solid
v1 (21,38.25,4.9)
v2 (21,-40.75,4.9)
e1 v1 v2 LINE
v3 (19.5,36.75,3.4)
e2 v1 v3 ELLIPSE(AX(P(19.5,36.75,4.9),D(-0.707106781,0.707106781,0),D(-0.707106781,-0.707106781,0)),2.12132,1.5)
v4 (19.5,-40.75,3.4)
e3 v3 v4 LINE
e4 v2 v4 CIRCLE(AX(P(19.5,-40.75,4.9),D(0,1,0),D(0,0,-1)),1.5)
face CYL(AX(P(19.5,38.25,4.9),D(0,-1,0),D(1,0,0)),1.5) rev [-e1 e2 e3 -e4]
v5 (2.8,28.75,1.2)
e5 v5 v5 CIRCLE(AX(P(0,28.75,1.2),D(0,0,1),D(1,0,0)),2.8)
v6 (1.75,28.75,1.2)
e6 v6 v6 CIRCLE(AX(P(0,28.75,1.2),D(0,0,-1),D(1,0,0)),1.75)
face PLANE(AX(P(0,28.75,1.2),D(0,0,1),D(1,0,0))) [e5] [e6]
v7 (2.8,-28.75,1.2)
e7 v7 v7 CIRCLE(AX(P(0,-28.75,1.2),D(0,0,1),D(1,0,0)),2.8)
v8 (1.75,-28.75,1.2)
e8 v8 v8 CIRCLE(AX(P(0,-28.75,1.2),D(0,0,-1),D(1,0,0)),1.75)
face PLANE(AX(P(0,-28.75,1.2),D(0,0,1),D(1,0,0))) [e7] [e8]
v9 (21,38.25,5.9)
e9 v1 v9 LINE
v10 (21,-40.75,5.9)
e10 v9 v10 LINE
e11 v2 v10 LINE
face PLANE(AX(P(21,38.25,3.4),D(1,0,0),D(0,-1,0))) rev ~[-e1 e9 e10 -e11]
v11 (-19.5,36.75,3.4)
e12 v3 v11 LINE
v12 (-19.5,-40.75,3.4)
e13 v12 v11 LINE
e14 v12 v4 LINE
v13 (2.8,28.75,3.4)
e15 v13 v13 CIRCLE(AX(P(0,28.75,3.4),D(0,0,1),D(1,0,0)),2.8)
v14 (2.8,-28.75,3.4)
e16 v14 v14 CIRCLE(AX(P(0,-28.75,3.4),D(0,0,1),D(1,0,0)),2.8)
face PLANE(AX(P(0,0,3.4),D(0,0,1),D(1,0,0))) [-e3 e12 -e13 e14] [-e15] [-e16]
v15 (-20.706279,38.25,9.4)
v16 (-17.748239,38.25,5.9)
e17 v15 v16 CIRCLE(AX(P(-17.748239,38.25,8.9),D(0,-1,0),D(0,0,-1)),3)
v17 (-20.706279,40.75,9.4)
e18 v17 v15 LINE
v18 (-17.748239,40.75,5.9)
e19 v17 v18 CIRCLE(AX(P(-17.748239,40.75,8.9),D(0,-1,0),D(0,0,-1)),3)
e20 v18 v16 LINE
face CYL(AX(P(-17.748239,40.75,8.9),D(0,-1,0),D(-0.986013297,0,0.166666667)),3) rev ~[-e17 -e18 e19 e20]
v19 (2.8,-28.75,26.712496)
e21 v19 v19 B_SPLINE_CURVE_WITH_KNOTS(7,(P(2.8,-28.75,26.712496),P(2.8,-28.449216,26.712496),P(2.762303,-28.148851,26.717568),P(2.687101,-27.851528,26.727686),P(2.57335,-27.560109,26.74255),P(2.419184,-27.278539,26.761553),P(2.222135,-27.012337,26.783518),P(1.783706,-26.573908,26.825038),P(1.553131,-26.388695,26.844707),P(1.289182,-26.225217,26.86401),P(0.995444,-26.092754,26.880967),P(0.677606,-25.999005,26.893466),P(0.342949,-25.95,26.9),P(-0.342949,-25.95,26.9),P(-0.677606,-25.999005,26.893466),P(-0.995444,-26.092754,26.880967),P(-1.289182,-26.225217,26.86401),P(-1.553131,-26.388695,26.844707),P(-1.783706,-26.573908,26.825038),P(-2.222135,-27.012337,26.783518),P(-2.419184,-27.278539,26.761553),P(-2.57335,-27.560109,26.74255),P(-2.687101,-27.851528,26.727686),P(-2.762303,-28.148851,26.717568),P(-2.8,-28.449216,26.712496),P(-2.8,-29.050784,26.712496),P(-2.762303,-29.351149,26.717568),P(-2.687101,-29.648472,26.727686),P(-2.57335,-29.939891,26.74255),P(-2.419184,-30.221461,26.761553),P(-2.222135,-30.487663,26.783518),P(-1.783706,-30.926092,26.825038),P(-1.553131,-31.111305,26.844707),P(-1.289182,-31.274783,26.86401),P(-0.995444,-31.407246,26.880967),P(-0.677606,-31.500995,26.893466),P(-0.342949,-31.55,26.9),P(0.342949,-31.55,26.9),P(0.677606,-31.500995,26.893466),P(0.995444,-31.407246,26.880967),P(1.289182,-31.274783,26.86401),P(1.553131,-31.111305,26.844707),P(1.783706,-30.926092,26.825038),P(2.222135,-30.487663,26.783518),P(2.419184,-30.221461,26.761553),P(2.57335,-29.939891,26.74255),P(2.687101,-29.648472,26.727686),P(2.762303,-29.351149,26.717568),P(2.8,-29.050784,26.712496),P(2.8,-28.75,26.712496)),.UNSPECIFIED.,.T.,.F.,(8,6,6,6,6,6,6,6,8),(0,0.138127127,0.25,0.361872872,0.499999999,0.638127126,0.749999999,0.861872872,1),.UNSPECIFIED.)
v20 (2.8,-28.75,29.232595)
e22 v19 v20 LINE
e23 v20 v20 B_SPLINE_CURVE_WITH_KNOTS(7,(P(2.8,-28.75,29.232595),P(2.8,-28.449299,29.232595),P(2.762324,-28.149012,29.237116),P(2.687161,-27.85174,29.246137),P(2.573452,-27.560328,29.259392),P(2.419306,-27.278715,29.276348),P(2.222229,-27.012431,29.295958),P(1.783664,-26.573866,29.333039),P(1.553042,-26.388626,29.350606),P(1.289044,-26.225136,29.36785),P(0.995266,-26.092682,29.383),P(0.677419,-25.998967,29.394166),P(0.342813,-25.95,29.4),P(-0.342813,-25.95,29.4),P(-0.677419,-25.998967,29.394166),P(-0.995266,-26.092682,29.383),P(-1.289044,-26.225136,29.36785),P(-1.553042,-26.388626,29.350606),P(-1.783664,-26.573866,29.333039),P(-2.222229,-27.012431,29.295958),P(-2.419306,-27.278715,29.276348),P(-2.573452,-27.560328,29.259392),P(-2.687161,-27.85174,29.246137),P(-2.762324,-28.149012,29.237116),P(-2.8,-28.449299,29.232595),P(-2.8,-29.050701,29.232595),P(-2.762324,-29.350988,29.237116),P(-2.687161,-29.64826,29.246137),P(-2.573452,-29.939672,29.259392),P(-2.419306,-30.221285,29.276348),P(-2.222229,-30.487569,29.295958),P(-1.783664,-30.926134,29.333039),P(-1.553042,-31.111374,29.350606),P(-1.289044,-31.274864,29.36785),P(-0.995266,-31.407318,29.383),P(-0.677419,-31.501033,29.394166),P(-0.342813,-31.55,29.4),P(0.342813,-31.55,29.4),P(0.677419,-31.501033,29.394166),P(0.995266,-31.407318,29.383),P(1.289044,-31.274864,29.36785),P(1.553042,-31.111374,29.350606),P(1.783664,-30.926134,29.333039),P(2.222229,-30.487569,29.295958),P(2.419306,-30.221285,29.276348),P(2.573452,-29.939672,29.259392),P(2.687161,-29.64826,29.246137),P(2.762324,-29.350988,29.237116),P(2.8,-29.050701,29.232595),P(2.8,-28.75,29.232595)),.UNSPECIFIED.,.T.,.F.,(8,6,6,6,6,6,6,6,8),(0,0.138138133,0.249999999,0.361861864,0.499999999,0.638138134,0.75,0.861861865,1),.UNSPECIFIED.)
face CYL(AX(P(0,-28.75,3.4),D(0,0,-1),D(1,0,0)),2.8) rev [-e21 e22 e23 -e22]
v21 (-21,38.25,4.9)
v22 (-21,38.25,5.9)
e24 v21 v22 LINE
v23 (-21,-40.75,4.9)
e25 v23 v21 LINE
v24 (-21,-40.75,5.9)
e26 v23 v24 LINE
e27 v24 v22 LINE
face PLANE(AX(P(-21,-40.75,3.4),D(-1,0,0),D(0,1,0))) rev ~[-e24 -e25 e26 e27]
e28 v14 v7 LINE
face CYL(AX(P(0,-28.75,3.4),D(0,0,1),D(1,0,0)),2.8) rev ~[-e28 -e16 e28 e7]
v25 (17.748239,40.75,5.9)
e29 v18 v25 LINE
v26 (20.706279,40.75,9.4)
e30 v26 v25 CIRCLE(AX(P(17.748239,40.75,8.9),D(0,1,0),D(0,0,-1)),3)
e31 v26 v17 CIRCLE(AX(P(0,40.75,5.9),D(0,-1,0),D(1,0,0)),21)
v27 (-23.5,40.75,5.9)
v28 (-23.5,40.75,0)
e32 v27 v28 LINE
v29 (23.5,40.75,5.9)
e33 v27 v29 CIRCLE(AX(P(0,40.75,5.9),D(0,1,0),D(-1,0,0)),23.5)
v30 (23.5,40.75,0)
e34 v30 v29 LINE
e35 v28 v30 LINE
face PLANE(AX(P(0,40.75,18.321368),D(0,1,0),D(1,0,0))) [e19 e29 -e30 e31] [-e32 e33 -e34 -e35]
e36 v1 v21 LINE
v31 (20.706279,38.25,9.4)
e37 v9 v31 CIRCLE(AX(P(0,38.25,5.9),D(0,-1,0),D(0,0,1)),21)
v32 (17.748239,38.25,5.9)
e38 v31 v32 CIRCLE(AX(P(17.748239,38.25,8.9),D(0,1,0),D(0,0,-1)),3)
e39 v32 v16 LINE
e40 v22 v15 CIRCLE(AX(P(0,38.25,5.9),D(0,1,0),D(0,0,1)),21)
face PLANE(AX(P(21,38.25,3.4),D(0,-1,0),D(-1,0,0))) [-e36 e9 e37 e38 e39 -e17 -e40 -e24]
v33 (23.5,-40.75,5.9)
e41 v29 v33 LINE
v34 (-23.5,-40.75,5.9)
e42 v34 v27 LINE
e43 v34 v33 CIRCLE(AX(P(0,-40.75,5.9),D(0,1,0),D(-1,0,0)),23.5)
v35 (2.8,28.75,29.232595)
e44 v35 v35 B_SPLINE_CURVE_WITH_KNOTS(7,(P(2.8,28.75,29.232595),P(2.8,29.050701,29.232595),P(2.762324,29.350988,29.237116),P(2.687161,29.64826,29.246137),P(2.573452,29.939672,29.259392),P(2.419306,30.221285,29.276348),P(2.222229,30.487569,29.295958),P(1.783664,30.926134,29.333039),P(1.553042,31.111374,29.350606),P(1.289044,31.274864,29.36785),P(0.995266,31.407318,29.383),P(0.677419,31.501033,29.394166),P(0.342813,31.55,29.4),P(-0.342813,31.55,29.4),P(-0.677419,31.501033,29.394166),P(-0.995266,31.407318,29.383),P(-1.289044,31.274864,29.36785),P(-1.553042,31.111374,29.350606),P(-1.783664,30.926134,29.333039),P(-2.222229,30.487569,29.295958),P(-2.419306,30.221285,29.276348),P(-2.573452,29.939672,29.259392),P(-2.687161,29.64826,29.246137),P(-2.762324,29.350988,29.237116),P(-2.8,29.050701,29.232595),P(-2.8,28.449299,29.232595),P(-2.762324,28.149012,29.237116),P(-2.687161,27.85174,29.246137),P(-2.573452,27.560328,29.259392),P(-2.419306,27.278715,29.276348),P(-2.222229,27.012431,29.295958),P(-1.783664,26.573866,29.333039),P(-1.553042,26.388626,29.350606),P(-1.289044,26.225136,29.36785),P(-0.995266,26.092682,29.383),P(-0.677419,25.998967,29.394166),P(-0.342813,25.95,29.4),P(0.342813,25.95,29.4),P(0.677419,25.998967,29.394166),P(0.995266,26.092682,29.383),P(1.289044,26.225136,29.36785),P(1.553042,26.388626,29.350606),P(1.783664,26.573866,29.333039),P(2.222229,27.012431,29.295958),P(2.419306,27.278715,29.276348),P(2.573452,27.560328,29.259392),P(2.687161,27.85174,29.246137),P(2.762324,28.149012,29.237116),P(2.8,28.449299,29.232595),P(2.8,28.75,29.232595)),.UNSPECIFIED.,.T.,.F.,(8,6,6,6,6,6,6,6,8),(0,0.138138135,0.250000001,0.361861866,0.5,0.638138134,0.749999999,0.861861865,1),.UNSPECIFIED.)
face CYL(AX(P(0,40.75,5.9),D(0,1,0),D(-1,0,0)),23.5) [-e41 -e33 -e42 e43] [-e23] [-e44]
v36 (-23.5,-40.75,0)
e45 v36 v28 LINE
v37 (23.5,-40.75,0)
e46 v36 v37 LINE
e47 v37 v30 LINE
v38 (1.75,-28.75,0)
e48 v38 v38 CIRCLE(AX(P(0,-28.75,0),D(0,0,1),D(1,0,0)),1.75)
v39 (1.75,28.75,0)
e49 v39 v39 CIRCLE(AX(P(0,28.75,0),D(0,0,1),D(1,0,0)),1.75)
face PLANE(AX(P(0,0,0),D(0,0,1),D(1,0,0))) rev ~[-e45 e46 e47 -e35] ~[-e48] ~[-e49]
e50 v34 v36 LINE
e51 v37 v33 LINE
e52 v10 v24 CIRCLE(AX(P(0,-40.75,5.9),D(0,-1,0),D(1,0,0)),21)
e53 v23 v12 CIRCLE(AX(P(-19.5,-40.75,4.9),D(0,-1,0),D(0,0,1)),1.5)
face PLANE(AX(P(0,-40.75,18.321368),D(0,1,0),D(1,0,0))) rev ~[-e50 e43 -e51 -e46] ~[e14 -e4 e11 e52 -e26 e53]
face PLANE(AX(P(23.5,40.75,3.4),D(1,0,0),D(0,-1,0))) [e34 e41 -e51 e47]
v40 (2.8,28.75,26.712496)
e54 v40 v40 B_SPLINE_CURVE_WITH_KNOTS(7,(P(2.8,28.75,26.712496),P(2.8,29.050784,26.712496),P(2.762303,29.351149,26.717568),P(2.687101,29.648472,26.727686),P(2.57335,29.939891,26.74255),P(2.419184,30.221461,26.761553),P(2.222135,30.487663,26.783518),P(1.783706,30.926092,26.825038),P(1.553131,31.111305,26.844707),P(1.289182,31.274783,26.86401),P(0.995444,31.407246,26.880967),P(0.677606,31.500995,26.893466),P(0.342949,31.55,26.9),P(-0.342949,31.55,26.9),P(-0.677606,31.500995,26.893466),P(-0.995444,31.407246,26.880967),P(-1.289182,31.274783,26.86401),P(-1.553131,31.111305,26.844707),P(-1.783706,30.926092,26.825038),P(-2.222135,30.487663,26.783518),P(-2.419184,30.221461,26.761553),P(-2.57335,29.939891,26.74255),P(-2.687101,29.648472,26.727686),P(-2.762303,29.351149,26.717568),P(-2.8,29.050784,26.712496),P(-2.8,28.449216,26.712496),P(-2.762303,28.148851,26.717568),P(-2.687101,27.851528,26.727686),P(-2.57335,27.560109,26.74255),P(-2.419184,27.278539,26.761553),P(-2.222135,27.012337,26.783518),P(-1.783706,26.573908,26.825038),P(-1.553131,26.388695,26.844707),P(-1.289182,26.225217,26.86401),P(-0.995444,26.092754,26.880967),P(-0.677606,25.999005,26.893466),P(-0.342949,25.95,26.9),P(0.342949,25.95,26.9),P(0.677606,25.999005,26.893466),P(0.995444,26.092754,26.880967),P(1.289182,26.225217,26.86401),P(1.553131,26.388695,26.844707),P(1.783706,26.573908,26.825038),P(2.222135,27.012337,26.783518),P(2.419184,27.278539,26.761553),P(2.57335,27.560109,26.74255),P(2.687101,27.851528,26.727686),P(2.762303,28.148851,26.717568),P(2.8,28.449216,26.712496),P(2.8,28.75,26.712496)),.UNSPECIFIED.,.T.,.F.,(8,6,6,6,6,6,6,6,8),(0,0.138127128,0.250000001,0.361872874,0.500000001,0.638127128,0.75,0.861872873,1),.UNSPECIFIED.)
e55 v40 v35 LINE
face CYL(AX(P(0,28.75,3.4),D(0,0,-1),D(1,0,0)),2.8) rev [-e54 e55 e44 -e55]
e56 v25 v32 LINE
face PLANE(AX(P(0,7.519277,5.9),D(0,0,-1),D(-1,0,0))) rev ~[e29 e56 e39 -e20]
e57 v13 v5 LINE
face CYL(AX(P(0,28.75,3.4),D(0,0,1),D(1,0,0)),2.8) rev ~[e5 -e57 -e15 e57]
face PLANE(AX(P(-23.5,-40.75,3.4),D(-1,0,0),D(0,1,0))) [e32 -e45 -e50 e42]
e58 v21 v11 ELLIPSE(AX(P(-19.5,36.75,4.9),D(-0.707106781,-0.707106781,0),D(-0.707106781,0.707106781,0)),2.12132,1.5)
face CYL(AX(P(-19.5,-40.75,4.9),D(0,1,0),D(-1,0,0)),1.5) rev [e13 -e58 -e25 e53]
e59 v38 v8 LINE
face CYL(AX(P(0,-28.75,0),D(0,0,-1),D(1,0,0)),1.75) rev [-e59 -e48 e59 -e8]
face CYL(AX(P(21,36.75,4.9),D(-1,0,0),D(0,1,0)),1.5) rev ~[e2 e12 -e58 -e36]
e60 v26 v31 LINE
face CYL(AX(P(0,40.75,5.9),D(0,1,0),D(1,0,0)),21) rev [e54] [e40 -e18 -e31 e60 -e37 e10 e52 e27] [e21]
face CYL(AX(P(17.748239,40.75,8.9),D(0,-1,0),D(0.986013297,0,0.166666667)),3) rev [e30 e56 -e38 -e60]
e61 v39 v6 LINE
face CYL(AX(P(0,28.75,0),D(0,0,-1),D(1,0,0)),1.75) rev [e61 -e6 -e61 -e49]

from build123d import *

# Parameters (mm, degrees)
SKETCH1_W           = 47
SKETCH1_H           = 81.5
SKETCH1_R           = 1.75
BOSS_EXTRUDE1_DEPTH = 3.4
SKETCH2_R           = 2.8
CUT_EXTRUDE1_DEPTH  = 2.2
BOSS_EXTRUDE2_DEPTH = 2.5
BOSS_EXTRUDE3_DEPTH = 81.5
SKETCH5_R           = 2.8
CUT_EXTRUDE2_DEPTH  = 54.747674368
FILLET1_R           = 3
FILLET2_R           = 1.5


with BuildPart() as part:
    # Sketch1 → Boss-Extrude1 (new body)
    with BuildSketch(Plane.XY):
        Rectangle(SKETCH1_W, SKETCH1_H)
        with Locations((0, 28.75)):
            Circle(SKETCH1_R, mode=Mode.SUBTRACT)
        with Locations((0, -28.75)):
            Circle(SKETCH1_R, mode=Mode.SUBTRACT)
    extrude(amount=BOSS_EXTRUDE1_DEPTH)

    # Sketch2 → Cut-Extrude1 (cut)
    with BuildSketch(Plane.XY.offset(3.4)):
        with Locations((0, 28.75)):
            Circle(SKETCH2_R)
        with Locations((0, -28.75)):
            Circle(SKETCH2_R)
    extrude(amount=-CUT_EXTRUDE1_DEPTH, mode=Mode.SUBTRACT)

    # Sketch3 → Boss-Extrude2 (add)
    with BuildSketch(Plane.XY.offset(3.4)):
        Polygon((21, -38.25), (21, 38.25), (-21, 38.25), (-21, -38.25), (-21, -40.75), (-23.5, -40.75), (-23.5, 40.75), (23.5, 40.75), (23.5, -40.75), (21, -40.75), align=None)
    extrude(amount=BOSS_EXTRUDE2_DEPTH)

    # Sketch4 → Boss-Extrude3 (add)
    with BuildSketch(Plane(origin=(0, 40.75, 0), x_dir=(1, 0, 0), z_dir=(0, 1, 0))):
        with BuildLine():
            Line((23.5, -5.9), (21, -5.9))
            ThreePointArc((21, -5.9), (0, -26.9), (-21, -5.9))
            Line((-21, -5.9), (-23.5, -5.9))
            ThreePointArc((-23.5, -5.9), (0, -29.4), (23.5, -5.9))
        make_face()
    extrude(amount=-BOSS_EXTRUDE3_DEPTH)

    # Sketch5 → Cut-Extrude2 (cut, through all)
    with BuildSketch(Plane.XY.offset(3.4)):
        with Locations((0, -28.75)):
            Circle(SKETCH5_R)
        with Locations((0, 28.75)):
            Circle(SKETCH5_R)
    extrude(amount=CUT_EXTRUDE2_DEPTH, mode=Mode.SUBTRACT)

    # Fillet1
    fillet1_edges = [part.edges().sort_by_distance(p)[0] for p in [
        (-21, 39.5, 5.9),
        (21, 39.5, 5.9),
    ]]
    fillet(fillet1_edges, radius=FILLET1_R)

    # Fillet2
    fillet2_edges = [part.edges().sort_by_distance(p)[0] for p in [
        (-21, -1.25, 3.4),
        (0, 38.25, 3.4),
        (21, -1.25, 3.4),
    ]]
    fillet(fillet2_edges, radius=FILLET2_R)


solid = part.part
